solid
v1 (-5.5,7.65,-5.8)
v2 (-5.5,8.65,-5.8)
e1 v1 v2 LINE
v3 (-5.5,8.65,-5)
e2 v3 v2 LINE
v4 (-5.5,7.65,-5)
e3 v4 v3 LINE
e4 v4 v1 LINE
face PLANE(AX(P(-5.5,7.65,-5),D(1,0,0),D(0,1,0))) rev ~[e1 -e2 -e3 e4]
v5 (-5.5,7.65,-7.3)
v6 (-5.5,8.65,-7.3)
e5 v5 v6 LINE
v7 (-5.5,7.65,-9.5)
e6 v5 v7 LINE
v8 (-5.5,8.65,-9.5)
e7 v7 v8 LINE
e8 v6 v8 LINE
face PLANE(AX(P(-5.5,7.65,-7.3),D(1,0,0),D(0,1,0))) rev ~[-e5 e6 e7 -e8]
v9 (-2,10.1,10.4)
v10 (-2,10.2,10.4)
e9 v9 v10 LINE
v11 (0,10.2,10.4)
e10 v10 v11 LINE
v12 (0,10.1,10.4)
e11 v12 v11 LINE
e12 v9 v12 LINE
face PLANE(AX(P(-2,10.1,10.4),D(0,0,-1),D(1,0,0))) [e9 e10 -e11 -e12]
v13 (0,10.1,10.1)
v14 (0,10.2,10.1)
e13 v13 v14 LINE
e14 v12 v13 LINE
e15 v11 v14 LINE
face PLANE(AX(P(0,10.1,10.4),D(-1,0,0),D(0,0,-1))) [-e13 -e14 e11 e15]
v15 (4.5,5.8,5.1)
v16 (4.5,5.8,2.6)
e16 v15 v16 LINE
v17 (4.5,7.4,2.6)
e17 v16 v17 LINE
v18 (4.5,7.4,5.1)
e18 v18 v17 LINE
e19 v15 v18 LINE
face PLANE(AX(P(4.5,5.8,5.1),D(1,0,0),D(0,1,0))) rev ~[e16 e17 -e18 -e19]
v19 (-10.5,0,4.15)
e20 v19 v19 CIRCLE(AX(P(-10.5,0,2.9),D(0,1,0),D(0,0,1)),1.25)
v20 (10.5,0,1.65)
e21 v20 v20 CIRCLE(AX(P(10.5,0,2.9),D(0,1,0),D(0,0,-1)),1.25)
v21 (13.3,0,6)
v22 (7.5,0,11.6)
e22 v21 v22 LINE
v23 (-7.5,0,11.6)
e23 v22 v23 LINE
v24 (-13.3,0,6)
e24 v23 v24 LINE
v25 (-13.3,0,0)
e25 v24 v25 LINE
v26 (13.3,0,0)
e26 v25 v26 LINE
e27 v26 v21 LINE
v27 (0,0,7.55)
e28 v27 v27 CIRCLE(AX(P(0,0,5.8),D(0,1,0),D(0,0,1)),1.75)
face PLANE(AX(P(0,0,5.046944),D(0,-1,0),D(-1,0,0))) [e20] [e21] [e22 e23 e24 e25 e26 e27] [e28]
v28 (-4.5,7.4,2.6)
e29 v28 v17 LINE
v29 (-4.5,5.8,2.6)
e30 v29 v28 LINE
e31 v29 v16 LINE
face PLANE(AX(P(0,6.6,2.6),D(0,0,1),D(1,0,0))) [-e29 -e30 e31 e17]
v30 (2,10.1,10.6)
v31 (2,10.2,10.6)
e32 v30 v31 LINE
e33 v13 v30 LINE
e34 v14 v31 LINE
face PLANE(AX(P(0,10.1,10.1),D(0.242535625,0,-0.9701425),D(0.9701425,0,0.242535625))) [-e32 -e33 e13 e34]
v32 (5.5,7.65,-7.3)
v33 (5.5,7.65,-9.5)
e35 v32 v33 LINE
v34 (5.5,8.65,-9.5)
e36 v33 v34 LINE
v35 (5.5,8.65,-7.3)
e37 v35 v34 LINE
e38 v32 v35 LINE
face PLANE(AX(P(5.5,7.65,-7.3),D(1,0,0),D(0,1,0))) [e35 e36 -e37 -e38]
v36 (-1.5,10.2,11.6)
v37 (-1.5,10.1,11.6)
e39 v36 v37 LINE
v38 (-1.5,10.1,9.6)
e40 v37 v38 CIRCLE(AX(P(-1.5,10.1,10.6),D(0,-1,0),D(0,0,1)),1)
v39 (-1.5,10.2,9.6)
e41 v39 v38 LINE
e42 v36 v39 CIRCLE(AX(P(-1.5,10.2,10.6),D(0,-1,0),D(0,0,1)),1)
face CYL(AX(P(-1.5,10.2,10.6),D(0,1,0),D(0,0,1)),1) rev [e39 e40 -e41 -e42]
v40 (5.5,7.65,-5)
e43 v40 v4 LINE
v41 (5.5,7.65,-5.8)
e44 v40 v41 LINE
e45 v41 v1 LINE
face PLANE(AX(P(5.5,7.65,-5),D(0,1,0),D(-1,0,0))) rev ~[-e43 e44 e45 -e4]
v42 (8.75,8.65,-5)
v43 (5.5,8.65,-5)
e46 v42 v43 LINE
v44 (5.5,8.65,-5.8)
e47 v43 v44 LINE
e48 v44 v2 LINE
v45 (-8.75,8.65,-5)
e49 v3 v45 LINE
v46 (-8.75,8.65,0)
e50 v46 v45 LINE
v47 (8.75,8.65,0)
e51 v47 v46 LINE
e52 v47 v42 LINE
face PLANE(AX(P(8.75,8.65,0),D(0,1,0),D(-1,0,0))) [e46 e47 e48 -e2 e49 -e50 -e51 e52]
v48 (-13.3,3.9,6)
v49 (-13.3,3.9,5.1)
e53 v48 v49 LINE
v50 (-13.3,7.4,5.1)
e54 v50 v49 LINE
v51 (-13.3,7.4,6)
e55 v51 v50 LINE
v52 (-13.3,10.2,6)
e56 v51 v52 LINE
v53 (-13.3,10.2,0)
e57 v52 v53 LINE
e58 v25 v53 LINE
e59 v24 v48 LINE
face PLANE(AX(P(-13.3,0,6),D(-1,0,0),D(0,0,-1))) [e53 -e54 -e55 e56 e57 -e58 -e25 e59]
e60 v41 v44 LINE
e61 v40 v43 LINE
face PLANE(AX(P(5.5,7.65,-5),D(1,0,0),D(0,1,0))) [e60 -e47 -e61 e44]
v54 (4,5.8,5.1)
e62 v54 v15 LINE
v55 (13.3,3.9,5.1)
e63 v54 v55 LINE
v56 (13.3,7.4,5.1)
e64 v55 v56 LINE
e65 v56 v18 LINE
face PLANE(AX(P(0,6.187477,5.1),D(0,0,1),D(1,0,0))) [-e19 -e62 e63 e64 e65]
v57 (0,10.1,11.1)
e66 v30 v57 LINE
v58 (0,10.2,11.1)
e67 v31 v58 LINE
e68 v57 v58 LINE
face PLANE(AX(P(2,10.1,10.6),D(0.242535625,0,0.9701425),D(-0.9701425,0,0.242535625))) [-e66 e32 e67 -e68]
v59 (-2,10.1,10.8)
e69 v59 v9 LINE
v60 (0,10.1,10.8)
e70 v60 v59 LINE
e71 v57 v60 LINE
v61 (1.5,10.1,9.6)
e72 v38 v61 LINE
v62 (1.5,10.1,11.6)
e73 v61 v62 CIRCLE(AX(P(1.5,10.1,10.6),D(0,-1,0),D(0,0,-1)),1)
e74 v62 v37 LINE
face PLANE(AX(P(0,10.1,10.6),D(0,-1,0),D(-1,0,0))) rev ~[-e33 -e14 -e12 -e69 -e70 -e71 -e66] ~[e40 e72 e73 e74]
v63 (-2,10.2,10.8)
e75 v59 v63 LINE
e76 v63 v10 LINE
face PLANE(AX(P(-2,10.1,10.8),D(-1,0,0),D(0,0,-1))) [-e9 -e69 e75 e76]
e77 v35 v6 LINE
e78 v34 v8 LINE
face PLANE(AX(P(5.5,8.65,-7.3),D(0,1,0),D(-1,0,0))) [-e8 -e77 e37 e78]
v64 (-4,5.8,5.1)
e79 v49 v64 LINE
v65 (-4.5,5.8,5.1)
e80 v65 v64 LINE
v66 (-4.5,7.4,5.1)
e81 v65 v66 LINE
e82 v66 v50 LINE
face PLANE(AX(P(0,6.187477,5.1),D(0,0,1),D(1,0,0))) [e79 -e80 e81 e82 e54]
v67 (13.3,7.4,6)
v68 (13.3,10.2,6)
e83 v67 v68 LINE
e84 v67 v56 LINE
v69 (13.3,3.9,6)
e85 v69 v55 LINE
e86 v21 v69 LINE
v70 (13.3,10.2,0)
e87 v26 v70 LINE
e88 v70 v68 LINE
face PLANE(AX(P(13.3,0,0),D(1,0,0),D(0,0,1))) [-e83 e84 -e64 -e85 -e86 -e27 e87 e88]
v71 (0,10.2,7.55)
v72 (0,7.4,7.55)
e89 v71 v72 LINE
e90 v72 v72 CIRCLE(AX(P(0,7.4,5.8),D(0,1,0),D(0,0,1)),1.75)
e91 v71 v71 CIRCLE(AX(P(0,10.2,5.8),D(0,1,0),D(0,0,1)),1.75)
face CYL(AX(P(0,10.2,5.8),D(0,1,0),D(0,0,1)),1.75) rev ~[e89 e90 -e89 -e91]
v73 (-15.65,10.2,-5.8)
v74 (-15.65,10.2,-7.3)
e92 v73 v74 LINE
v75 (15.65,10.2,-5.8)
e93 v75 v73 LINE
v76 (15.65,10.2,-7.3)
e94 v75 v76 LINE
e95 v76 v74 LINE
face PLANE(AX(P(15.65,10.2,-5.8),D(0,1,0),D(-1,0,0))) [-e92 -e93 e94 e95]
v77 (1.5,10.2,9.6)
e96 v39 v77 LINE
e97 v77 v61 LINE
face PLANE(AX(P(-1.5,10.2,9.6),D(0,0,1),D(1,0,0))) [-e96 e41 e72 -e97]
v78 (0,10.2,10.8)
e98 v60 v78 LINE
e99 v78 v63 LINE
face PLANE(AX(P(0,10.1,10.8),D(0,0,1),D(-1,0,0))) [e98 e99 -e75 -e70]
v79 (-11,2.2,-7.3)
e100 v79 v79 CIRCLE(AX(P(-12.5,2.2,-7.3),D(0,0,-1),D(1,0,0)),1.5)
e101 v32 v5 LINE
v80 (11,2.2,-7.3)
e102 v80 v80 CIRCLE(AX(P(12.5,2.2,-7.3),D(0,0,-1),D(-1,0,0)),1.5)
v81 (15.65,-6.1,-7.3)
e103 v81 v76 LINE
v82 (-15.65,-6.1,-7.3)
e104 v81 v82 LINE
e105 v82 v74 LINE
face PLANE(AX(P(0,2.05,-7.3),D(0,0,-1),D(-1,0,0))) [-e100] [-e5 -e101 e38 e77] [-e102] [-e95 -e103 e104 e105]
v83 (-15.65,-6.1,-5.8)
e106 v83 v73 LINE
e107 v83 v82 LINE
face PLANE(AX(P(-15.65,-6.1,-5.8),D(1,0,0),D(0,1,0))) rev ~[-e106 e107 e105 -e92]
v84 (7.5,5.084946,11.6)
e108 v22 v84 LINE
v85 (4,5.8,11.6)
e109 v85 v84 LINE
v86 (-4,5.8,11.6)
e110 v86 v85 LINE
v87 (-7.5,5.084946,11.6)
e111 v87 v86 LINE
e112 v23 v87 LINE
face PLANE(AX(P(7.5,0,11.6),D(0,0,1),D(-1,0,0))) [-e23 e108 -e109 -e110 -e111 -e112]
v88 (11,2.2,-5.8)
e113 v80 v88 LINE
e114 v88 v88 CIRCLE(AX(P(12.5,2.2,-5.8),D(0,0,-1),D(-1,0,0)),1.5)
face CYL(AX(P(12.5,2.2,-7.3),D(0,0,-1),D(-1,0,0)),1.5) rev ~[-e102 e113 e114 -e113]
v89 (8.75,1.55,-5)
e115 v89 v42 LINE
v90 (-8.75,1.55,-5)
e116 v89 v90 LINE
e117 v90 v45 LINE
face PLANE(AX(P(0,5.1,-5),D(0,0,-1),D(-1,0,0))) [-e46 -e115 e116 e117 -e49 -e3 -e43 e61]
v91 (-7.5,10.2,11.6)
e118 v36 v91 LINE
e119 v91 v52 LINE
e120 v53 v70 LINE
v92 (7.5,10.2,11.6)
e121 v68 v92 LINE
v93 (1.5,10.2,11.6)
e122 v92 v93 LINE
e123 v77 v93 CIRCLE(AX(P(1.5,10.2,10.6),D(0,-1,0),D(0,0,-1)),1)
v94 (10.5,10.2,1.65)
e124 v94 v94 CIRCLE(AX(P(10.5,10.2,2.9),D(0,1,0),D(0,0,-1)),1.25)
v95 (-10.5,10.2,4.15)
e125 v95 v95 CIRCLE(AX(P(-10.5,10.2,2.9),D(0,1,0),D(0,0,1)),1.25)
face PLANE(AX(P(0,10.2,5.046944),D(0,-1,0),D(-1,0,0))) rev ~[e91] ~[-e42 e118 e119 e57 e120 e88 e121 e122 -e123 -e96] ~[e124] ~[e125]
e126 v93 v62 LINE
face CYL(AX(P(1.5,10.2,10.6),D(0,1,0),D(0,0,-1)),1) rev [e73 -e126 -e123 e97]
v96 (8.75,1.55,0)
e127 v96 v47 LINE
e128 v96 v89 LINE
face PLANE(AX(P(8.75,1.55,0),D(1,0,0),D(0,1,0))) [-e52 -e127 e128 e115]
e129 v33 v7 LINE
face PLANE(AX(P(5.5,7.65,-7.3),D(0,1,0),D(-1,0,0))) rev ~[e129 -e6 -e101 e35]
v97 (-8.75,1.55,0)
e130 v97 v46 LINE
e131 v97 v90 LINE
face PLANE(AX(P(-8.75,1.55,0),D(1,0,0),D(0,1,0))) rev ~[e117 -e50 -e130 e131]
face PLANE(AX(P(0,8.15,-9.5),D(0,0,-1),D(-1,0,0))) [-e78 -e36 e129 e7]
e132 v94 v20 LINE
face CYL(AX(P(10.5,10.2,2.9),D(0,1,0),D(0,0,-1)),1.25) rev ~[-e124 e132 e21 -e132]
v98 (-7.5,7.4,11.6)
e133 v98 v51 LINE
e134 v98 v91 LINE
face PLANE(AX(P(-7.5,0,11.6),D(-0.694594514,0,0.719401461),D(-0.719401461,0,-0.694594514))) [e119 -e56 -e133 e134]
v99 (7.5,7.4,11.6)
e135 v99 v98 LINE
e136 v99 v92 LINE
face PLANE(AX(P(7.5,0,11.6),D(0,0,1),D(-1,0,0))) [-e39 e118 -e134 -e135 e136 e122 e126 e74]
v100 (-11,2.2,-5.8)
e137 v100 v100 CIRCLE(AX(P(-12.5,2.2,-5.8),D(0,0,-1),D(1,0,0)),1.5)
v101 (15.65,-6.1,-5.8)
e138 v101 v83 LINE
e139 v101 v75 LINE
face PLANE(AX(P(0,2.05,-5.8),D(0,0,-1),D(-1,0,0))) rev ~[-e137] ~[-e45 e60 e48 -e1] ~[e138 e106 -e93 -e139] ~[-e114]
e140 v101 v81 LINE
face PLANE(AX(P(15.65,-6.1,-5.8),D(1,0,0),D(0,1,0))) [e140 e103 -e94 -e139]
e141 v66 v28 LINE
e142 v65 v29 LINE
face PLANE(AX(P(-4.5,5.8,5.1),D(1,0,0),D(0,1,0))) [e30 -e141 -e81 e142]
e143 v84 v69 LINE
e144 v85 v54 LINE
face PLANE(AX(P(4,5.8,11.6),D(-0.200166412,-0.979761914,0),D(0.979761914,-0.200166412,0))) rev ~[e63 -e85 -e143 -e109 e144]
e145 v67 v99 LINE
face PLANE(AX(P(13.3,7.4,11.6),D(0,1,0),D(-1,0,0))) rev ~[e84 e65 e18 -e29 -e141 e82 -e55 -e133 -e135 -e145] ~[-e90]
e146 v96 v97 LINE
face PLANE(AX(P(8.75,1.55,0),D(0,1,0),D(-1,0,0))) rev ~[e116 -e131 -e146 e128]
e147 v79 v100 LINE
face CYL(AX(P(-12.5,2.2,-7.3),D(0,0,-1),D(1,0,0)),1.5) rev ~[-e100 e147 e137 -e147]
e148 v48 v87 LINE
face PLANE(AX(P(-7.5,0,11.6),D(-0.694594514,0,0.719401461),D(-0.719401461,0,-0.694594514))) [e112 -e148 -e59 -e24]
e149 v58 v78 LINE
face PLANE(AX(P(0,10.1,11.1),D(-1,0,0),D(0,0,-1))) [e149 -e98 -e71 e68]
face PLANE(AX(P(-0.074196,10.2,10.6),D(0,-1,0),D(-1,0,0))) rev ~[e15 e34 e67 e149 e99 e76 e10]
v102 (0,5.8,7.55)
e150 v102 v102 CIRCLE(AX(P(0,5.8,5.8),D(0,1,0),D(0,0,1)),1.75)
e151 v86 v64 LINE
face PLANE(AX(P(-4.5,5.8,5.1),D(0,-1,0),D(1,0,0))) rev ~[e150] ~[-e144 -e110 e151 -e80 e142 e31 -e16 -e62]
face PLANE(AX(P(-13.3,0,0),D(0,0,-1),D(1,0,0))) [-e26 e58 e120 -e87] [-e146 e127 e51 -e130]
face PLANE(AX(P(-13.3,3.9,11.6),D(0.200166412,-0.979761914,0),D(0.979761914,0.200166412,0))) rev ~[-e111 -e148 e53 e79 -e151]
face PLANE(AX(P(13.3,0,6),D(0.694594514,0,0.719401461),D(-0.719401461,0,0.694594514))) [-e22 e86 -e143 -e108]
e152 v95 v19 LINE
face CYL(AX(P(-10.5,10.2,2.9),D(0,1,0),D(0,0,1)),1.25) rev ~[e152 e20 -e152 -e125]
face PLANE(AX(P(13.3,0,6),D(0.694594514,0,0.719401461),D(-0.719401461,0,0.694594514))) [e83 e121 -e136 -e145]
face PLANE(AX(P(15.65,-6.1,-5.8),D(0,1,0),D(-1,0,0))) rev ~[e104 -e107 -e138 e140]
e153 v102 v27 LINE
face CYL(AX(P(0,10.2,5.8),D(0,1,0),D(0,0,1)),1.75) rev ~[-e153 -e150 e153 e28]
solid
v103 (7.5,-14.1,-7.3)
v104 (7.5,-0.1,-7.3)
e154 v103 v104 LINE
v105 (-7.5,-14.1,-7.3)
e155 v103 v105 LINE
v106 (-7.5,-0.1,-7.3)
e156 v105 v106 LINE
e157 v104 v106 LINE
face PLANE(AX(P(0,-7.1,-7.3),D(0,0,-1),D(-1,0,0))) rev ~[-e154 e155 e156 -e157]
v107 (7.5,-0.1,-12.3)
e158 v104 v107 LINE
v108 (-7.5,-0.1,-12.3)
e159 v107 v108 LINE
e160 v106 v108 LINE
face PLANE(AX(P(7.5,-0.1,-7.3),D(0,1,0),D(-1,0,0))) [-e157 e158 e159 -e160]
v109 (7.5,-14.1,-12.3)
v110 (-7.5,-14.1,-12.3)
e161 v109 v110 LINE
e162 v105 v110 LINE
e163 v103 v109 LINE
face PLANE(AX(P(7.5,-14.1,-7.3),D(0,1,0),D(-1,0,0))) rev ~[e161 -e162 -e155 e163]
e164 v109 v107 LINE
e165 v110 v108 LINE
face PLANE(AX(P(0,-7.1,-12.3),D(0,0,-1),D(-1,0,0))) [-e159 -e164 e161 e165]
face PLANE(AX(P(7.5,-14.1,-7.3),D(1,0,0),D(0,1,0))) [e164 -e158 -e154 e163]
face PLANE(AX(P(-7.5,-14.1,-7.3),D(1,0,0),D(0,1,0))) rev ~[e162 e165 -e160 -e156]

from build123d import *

# Parameters (mm, degrees)
BOSS_EXTRUDE1_DEPTH = 10.2
SKETCH2_R           = 1.25
SKETCH2_R_2         = 1.75
CUT_EXTRUDE1_DEPTH  = 10.2
CUT_EXTRUDE2_DEPTH  = 6.5
SKETCH4_W           = 9
SKETCH4_H           = 1.6
CUT_EXTRUDE3_DEPTH  = 2.5
CUT_EXTRUDE4_DEPTH  = 0.1
BOSS_EXTRUDE2_DEPTH = 0.1
SKETCH7_W           = 17.5
SKETCH7_H           = 7.1
BOSS_EXTRUDE3_DEPTH = 5
SKETCH8_W           = 11
SKETCH8_H           = 1
BOSS_EXTRUDE4_DEPTH = 0.8
SKETCH10_W          = 31.3
SKETCH10_H          = 16.3
BOSS_EXTRUDE5_DEPTH = 1.5
SKETCH11_R          = 1.5
CUT_EXTRUDE5_DEPTH  = 1.5
SKETCH13_W          = 11
SKETCH13_H          = 1
BOSS_EXTRUDE6_DEPTH = 2.2
SKETCH14_W          = 15
SKETCH14_H          = 14
BOSS_EXTRUDE7_DEPTH = 5


with BuildPart() as part:
    # Sketch1 → Boss-Extrude1 (new body)
    with BuildSketch(Plane(origin=(0, 0, 0), x_dir=(1, 0, 0), z_dir=(0, 1, 0))):
        Polygon((-13.3, 0), (13.3, 0), (13.3, -6), (7.5, -11.6), (-7.5, -11.6), (-13.3, -6), align=None)
    extrude(amount=BOSS_EXTRUDE1_DEPTH)

    # Sketch2 → Cut-Extrude1 (cut)
    with BuildSketch(Plane(origin=(0, 10.2, 0), x_dir=(1, 0, 0), z_dir=(0, 1, 0))):
        with Locations(Location((-10.5, -2.9, 0), (0, 0, 270))):
            Circle(SKETCH2_R)
        with Locations(Location((10.5, -2.9, 0), (0, 0, 90))):
            Circle(SKETCH2_R)
        with Locations(Location((0, -5.8, 0), (0, 0, 270))):
            Circle(SKETCH2_R_2)
    extrude(amount=-CUT_EXTRUDE1_DEPTH, mode=Mode.SUBTRACT)

    # Sketch3 → Cut-Extrude2 (cut)
    with BuildSketch(Plane.XY.offset(11.6)):
        Polygon((-4, 5.8), (4, 5.8), (13.3, 3.9), (13.3, 7.4), (-13.3, 7.4), (-13.3, 3.9), align=None)
    extrude(amount=-CUT_EXTRUDE2_DEPTH, mode=Mode.SUBTRACT)

    # Sketch4 → Cut-Extrude3 (cut)
    with BuildSketch(Plane.XY.offset(5.1)):
        with Locations((0, 6.6)):
            Rectangle(SKETCH4_W, SKETCH4_H)
    extrude(amount=-CUT_EXTRUDE3_DEPTH, mode=Mode.SUBTRACT)

    # Sketch5 → Cut-Extrude4 (cut)
    with BuildSketch(Plane(origin=(0, 10.2, 0), x_dir=(1, 0, 0), z_dir=(0, 1, 0))):
        with BuildLine():
            Line((-1.5, -9.6), (1.5, -9.6))
            ThreePointArc((1.5, -9.6), (2.5, -10.6), (1.5, -11.6))
            Line((1.5, -11.6), (-1.5, -11.6))
            ThreePointArc((-1.5, -11.6), (-2.5, -10.6), (-1.5, -9.6))
        make_face()
    extrude(amount=-CUT_EXTRUDE4_DEPTH, mode=Mode.SUBTRACT)

    # Sketch6 → Boss-Extrude2 (add)
    with BuildSketch(Plane(origin=(0, 10.1, 0), x_dir=(1, 0, 0), z_dir=(0, 1, 0))):
        Polygon((0, -10.4), (0, -10.1), (2, -10.6), (0, -11.1), (0, -10.8), (-2, -10.8), (-2, -10.4), align=None)
    extrude(amount=BOSS_EXTRUDE2_DEPTH)

    # Sketch7 → Boss-Extrude3 (add)
    with BuildSketch(Plane(origin=(0, 0, 0), x_dir=(-1, 0, 0), z_dir=(0, 0, -1))):
        with Locations((0, 5.1)):
            Rectangle(SKETCH7_W, SKETCH7_H)
    extrude(amount=BOSS_EXTRUDE3_DEPTH)

    # Sketch8 → Boss-Extrude4 (add)
    with BuildSketch(Plane(origin=(0, 0, -5), x_dir=(-1, 0, 0), z_dir=(0, 0, -1))):
        with Locations((0, 8.15)):
            Rectangle(SKETCH8_W, SKETCH8_H)
    extrude(amount=BOSS_EXTRUDE4_DEPTH)

    # Sketch10 → Boss-Extrude5 (add)
    with BuildSketch(Plane(origin=(0, 0, -5.8), x_dir=(-1, 0, 0), z_dir=(0, 0, -1))):
        with Locations((0, 2.05)):
            Rectangle(SKETCH10_W, SKETCH10_H)
    extrude(amount=BOSS_EXTRUDE5_DEPTH)

    # Sketch11 → Cut-Extrude5 (cut)
    with BuildSketch(Plane(origin=(0, 0, -7.3), x_dir=(-1, 0, 0), z_dir=(0, 0, -1))):
        with Locations((-12.5, 2.2)):
            Circle(SKETCH11_R)
        with Locations(Location((12.5, 2.2, 0), (0, 0, 180))):
            Circle(SKETCH11_R)
    extrude(amount=-CUT_EXTRUDE5_DEPTH, mode=Mode.SUBTRACT)

    # Sketch13 → Boss-Extrude6 (add)
    with BuildSketch(Plane(origin=(0, 0, -7.3), x_dir=(-1, 0, 0), z_dir=(0, 0, -1))):
        with Locations((0, 8.15)):
            Rectangle(SKETCH13_W, SKETCH13_H)
    extrude(amount=BOSS_EXTRUDE6_DEPTH)


with BuildPart() as body_2:
    # Sketch14 → Boss-Extrude7 (new body)
    with BuildSketch(Plane(origin=(0, 0, -7.3), x_dir=(-1, 0, 0), z_dir=(0, 0, -1))):
        with Locations((0, -7.1)):
            Rectangle(SKETCH14_W, SKETCH14_H)
    extrude(amount=BOSS_EXTRUDE7_DEPTH)


solid = Compound([part.part, body_2.part])
